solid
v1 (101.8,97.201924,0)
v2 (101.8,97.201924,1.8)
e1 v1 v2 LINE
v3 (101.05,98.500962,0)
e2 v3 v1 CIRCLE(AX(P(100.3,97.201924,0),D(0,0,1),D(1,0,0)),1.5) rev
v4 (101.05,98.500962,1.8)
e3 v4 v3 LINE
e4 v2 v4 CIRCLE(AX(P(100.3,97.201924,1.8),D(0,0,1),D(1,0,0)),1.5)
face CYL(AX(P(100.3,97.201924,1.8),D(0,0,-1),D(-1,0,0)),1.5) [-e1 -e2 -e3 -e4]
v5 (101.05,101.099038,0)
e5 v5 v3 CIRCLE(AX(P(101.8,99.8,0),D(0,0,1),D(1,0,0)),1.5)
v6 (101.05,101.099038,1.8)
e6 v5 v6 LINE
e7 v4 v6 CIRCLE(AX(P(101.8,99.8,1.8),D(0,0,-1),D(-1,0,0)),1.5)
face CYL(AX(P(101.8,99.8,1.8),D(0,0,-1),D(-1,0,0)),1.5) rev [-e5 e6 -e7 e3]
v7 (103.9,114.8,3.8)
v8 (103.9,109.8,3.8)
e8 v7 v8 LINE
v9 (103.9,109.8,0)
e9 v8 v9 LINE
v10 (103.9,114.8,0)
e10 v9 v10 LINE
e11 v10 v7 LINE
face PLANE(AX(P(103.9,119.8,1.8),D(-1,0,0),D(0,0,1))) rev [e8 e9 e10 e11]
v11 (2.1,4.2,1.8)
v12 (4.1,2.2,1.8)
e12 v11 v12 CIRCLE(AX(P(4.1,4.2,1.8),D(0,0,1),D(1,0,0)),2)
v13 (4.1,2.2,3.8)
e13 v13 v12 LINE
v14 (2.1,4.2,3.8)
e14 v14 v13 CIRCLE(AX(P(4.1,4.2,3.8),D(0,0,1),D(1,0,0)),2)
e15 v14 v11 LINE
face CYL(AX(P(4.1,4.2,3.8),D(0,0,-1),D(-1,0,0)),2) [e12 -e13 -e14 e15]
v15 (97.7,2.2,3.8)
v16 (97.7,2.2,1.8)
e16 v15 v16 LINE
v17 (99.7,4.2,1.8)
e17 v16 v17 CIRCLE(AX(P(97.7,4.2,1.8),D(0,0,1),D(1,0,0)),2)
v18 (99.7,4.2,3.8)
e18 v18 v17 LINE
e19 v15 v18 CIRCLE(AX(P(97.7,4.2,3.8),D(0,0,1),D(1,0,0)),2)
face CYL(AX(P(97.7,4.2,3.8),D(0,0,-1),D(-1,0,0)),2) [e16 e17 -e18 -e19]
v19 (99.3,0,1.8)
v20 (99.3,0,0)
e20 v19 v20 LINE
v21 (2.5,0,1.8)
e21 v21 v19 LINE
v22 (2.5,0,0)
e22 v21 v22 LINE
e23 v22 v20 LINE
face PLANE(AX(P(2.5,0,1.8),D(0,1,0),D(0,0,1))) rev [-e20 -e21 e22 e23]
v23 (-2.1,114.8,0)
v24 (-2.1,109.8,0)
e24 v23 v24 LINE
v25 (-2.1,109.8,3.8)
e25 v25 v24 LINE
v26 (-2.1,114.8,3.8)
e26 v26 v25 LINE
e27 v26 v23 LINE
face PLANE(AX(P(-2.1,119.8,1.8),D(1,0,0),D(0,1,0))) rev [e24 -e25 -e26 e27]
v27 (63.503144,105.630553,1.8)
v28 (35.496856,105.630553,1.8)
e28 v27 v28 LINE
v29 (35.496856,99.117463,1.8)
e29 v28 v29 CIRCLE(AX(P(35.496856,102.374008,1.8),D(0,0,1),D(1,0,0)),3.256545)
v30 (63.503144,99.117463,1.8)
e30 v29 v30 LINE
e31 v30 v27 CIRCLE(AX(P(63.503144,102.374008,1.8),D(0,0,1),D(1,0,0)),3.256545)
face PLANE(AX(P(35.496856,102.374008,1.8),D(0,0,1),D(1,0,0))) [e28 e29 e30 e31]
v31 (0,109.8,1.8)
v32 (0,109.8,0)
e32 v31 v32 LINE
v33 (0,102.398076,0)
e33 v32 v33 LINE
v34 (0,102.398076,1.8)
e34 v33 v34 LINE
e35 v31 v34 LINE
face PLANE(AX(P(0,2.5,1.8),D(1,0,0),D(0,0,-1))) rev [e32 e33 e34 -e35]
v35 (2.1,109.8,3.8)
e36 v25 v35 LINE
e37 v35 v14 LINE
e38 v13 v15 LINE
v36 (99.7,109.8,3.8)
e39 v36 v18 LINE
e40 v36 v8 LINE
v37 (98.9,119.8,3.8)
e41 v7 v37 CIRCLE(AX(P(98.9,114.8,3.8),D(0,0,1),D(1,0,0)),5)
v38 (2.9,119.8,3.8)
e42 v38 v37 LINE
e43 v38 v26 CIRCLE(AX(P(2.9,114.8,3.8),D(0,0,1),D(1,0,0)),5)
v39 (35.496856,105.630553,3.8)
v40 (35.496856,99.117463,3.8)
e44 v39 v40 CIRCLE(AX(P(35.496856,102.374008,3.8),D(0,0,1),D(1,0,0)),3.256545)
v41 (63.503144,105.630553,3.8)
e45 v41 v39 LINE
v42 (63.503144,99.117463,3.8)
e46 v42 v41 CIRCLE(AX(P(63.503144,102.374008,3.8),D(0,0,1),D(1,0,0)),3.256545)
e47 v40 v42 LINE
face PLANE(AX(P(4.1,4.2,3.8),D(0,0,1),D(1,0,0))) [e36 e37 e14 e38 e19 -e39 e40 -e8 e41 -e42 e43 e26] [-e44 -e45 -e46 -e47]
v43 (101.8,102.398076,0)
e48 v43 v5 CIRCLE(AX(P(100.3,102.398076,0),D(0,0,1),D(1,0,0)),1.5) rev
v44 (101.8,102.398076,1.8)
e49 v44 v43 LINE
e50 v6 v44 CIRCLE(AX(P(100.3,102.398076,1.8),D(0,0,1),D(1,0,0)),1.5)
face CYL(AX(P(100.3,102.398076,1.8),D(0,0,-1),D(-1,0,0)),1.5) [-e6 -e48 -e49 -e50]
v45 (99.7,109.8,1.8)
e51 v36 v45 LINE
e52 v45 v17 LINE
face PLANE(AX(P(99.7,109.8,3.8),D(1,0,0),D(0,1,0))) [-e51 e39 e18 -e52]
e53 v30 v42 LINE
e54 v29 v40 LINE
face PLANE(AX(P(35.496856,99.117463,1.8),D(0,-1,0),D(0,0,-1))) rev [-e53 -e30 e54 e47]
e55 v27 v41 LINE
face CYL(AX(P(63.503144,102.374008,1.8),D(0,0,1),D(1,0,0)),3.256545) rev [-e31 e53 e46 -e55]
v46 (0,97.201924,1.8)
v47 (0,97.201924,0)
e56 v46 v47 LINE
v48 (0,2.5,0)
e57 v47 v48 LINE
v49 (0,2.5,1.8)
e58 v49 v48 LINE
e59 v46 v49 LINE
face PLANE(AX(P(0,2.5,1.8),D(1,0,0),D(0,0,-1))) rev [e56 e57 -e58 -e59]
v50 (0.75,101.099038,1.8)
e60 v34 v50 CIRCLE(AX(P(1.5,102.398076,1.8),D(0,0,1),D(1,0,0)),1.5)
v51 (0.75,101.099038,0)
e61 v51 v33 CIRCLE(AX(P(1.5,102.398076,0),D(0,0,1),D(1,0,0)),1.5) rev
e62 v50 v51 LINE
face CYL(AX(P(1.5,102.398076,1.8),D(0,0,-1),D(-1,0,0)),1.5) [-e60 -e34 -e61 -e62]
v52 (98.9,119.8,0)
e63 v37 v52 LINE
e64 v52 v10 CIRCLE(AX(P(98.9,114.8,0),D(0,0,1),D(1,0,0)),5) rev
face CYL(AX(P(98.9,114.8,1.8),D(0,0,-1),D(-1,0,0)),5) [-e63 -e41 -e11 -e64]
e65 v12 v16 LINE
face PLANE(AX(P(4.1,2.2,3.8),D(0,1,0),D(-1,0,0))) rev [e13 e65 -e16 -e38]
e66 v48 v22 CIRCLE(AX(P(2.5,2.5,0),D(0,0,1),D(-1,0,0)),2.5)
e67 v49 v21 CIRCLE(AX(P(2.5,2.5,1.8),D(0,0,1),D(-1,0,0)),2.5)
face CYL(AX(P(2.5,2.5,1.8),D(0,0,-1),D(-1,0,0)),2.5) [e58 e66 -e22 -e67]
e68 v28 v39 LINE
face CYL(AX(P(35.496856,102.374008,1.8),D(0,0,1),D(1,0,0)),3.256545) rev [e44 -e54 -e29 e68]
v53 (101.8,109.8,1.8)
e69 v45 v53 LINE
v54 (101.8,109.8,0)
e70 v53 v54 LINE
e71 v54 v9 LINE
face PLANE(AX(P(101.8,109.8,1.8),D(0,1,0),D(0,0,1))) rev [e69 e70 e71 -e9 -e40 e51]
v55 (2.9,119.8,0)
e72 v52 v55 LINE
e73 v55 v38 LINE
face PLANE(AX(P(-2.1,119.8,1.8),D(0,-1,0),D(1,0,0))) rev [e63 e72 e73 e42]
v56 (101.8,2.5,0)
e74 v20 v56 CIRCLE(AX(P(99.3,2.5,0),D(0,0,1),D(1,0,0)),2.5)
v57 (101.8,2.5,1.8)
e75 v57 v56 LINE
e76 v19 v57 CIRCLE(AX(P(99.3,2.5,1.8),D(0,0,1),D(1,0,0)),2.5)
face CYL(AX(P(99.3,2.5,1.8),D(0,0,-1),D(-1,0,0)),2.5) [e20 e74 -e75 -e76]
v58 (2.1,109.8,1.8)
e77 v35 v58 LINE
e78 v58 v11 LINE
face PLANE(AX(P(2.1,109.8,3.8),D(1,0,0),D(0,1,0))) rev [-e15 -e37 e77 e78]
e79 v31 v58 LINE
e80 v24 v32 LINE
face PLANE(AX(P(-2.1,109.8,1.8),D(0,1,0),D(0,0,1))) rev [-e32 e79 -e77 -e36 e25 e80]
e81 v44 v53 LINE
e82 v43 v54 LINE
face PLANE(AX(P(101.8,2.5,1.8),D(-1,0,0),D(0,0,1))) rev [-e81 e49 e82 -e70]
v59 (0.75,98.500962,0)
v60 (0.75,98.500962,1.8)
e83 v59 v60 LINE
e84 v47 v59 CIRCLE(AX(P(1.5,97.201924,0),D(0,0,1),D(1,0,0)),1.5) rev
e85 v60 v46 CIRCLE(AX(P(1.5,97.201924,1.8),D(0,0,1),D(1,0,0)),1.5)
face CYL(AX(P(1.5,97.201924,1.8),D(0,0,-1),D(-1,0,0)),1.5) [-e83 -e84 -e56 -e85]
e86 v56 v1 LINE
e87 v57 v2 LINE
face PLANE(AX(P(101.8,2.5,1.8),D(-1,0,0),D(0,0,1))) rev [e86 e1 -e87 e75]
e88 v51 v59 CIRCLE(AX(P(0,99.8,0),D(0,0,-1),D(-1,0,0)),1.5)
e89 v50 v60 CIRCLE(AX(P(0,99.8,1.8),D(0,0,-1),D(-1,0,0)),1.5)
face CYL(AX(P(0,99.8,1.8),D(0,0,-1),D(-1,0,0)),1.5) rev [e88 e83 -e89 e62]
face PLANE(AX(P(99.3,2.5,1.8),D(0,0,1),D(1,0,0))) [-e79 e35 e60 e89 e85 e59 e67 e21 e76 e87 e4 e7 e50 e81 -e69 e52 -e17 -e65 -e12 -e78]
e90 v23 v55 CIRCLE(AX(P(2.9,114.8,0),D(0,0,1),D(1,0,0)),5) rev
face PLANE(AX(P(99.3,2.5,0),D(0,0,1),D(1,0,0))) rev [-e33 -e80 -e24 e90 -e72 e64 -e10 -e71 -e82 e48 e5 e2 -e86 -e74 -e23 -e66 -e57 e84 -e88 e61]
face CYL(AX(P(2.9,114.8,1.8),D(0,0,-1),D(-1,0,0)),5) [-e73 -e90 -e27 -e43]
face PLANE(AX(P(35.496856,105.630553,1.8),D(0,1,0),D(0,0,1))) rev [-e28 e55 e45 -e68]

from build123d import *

# Parameters (mm, degrees)
BOSS_EXTRUDE1_DEPTH = 1.8
BOSS_EXTRUDE2_DEPTH = 2
CUT_EXTRUDE1_DEPTH  = 2
SKETCH5_R           = 1.5
CUT_EXTRUDE2_DEPTH  = 1.8
FILLET3_R           = 1.5
FILLET4_R           = 5


with BuildPart() as part:
    # Sketch1 → Boss-Extrude1 (new body)
    with BuildSketch(Plane.XY):
        with BuildLine():
            Line((101.8, 109.8), (103.9, 109.8))
            Line((103.9, 109.8), (103.9, 119.8))
            Line((103.9, 119.8), (-2.1, 119.8))
            Line((-2.1, 119.8), (-2.1, 109.8))
            Line((-2.1, 109.8), (0, 109.8))
            Line((0, 109.8), (0, 2.5))
            ThreePointArc((0, 2.5), (0.732233047, 0.732233047), (2.5, 0))
            Line((2.5, 0), (99.3, 0))
            ThreePointArc((99.3, 0), (101.067766953, 0.732233047), (101.8, 2.5))
            Line((101.8, 2.5), (101.8, 109.8))
        make_face()
    extrude(amount=BOSS_EXTRUDE1_DEPTH)

    # Sketch2 → Boss-Extrude2 (add)
    with BuildSketch(Plane.XY.offset(1.8)):
        with BuildLine():
            Line((2.1, 109.8), (2.1, 4.2))
            ThreePointArc((2.1, 4.2), (2.685786438, 2.785786438), (4.1, 2.2))
            Line((4.1, 2.2), (97.7, 2.2))
            ThreePointArc((97.7, 2.2), (99.114213562, 2.785786438), (99.7, 4.2))
            Line((99.7, 4.2), (99.7, 109.8))
            Line((99.7, 109.8), (103.9, 109.8))
            Line((103.9, 109.8), (103.9, 119.8))
            Line((103.9, 119.8), (-2.1, 119.8))
            Line((-2.1, 119.8), (-2.1, 109.8))
            Line((-2.1, 109.8), (2.1, 109.8))
        make_face()
    extrude(amount=BOSS_EXTRUDE2_DEPTH)

    # Sketch3 → Cut-Extrude1 (cut)
    with BuildSketch(Plane.XY.offset(3.8)):
        with BuildLine():
            Line((35.496856475, 105.630553179), (63.503143525, 105.630553179))
            ThreePointArc((63.503143525, 105.630553179), (66.759688531, 102.374008173), (63.503143525, 99.117463168))
            Line((63.503143525, 99.117463168), (35.496856475, 99.117463168))
            ThreePointArc((35.496856475, 99.117463168), (32.240311469, 102.374008173), (35.496856475, 105.630553179))
        make_face()
    extrude(amount=-CUT_EXTRUDE1_DEPTH, mode=Mode.SUBTRACT)

    # Sketch5 → Cut-Extrude2 (cut)
    with BuildSketch(Plane(origin=(0, 0, 0), x_dir=(-1, 0, 0), z_dir=(0, 0, -1))):
        with Locations((-101.8, 99.8)):
            Circle(SKETCH5_R)
        with Locations((0, 99.8)):
            Circle(SKETCH5_R)
    extrude(amount=-CUT_EXTRUDE2_DEPTH, mode=Mode.SUBTRACT)

    # Fillet3
    fillet3_edges = [part.edges().sort_by_distance(p)[0] for p in [
        (101.8, 101.3, 0.9),
        (101.8, 98.3, 0.9),
        (0, 98.3, 0.9),
        (0, 101.3, 0.9),
    ]]
    fillet(fillet3_edges, radius=FILLET3_R)

    # Fillet4
    fillet4_edges = [part.edges().sort_by_distance(p)[0] for p in [
        (-2.1, 119.8, 1.9),
        (103.9, 119.8, 1.9),
    ]]
    fillet(fillet4_edges, radius=FILLET4_R)


solid = part.part
